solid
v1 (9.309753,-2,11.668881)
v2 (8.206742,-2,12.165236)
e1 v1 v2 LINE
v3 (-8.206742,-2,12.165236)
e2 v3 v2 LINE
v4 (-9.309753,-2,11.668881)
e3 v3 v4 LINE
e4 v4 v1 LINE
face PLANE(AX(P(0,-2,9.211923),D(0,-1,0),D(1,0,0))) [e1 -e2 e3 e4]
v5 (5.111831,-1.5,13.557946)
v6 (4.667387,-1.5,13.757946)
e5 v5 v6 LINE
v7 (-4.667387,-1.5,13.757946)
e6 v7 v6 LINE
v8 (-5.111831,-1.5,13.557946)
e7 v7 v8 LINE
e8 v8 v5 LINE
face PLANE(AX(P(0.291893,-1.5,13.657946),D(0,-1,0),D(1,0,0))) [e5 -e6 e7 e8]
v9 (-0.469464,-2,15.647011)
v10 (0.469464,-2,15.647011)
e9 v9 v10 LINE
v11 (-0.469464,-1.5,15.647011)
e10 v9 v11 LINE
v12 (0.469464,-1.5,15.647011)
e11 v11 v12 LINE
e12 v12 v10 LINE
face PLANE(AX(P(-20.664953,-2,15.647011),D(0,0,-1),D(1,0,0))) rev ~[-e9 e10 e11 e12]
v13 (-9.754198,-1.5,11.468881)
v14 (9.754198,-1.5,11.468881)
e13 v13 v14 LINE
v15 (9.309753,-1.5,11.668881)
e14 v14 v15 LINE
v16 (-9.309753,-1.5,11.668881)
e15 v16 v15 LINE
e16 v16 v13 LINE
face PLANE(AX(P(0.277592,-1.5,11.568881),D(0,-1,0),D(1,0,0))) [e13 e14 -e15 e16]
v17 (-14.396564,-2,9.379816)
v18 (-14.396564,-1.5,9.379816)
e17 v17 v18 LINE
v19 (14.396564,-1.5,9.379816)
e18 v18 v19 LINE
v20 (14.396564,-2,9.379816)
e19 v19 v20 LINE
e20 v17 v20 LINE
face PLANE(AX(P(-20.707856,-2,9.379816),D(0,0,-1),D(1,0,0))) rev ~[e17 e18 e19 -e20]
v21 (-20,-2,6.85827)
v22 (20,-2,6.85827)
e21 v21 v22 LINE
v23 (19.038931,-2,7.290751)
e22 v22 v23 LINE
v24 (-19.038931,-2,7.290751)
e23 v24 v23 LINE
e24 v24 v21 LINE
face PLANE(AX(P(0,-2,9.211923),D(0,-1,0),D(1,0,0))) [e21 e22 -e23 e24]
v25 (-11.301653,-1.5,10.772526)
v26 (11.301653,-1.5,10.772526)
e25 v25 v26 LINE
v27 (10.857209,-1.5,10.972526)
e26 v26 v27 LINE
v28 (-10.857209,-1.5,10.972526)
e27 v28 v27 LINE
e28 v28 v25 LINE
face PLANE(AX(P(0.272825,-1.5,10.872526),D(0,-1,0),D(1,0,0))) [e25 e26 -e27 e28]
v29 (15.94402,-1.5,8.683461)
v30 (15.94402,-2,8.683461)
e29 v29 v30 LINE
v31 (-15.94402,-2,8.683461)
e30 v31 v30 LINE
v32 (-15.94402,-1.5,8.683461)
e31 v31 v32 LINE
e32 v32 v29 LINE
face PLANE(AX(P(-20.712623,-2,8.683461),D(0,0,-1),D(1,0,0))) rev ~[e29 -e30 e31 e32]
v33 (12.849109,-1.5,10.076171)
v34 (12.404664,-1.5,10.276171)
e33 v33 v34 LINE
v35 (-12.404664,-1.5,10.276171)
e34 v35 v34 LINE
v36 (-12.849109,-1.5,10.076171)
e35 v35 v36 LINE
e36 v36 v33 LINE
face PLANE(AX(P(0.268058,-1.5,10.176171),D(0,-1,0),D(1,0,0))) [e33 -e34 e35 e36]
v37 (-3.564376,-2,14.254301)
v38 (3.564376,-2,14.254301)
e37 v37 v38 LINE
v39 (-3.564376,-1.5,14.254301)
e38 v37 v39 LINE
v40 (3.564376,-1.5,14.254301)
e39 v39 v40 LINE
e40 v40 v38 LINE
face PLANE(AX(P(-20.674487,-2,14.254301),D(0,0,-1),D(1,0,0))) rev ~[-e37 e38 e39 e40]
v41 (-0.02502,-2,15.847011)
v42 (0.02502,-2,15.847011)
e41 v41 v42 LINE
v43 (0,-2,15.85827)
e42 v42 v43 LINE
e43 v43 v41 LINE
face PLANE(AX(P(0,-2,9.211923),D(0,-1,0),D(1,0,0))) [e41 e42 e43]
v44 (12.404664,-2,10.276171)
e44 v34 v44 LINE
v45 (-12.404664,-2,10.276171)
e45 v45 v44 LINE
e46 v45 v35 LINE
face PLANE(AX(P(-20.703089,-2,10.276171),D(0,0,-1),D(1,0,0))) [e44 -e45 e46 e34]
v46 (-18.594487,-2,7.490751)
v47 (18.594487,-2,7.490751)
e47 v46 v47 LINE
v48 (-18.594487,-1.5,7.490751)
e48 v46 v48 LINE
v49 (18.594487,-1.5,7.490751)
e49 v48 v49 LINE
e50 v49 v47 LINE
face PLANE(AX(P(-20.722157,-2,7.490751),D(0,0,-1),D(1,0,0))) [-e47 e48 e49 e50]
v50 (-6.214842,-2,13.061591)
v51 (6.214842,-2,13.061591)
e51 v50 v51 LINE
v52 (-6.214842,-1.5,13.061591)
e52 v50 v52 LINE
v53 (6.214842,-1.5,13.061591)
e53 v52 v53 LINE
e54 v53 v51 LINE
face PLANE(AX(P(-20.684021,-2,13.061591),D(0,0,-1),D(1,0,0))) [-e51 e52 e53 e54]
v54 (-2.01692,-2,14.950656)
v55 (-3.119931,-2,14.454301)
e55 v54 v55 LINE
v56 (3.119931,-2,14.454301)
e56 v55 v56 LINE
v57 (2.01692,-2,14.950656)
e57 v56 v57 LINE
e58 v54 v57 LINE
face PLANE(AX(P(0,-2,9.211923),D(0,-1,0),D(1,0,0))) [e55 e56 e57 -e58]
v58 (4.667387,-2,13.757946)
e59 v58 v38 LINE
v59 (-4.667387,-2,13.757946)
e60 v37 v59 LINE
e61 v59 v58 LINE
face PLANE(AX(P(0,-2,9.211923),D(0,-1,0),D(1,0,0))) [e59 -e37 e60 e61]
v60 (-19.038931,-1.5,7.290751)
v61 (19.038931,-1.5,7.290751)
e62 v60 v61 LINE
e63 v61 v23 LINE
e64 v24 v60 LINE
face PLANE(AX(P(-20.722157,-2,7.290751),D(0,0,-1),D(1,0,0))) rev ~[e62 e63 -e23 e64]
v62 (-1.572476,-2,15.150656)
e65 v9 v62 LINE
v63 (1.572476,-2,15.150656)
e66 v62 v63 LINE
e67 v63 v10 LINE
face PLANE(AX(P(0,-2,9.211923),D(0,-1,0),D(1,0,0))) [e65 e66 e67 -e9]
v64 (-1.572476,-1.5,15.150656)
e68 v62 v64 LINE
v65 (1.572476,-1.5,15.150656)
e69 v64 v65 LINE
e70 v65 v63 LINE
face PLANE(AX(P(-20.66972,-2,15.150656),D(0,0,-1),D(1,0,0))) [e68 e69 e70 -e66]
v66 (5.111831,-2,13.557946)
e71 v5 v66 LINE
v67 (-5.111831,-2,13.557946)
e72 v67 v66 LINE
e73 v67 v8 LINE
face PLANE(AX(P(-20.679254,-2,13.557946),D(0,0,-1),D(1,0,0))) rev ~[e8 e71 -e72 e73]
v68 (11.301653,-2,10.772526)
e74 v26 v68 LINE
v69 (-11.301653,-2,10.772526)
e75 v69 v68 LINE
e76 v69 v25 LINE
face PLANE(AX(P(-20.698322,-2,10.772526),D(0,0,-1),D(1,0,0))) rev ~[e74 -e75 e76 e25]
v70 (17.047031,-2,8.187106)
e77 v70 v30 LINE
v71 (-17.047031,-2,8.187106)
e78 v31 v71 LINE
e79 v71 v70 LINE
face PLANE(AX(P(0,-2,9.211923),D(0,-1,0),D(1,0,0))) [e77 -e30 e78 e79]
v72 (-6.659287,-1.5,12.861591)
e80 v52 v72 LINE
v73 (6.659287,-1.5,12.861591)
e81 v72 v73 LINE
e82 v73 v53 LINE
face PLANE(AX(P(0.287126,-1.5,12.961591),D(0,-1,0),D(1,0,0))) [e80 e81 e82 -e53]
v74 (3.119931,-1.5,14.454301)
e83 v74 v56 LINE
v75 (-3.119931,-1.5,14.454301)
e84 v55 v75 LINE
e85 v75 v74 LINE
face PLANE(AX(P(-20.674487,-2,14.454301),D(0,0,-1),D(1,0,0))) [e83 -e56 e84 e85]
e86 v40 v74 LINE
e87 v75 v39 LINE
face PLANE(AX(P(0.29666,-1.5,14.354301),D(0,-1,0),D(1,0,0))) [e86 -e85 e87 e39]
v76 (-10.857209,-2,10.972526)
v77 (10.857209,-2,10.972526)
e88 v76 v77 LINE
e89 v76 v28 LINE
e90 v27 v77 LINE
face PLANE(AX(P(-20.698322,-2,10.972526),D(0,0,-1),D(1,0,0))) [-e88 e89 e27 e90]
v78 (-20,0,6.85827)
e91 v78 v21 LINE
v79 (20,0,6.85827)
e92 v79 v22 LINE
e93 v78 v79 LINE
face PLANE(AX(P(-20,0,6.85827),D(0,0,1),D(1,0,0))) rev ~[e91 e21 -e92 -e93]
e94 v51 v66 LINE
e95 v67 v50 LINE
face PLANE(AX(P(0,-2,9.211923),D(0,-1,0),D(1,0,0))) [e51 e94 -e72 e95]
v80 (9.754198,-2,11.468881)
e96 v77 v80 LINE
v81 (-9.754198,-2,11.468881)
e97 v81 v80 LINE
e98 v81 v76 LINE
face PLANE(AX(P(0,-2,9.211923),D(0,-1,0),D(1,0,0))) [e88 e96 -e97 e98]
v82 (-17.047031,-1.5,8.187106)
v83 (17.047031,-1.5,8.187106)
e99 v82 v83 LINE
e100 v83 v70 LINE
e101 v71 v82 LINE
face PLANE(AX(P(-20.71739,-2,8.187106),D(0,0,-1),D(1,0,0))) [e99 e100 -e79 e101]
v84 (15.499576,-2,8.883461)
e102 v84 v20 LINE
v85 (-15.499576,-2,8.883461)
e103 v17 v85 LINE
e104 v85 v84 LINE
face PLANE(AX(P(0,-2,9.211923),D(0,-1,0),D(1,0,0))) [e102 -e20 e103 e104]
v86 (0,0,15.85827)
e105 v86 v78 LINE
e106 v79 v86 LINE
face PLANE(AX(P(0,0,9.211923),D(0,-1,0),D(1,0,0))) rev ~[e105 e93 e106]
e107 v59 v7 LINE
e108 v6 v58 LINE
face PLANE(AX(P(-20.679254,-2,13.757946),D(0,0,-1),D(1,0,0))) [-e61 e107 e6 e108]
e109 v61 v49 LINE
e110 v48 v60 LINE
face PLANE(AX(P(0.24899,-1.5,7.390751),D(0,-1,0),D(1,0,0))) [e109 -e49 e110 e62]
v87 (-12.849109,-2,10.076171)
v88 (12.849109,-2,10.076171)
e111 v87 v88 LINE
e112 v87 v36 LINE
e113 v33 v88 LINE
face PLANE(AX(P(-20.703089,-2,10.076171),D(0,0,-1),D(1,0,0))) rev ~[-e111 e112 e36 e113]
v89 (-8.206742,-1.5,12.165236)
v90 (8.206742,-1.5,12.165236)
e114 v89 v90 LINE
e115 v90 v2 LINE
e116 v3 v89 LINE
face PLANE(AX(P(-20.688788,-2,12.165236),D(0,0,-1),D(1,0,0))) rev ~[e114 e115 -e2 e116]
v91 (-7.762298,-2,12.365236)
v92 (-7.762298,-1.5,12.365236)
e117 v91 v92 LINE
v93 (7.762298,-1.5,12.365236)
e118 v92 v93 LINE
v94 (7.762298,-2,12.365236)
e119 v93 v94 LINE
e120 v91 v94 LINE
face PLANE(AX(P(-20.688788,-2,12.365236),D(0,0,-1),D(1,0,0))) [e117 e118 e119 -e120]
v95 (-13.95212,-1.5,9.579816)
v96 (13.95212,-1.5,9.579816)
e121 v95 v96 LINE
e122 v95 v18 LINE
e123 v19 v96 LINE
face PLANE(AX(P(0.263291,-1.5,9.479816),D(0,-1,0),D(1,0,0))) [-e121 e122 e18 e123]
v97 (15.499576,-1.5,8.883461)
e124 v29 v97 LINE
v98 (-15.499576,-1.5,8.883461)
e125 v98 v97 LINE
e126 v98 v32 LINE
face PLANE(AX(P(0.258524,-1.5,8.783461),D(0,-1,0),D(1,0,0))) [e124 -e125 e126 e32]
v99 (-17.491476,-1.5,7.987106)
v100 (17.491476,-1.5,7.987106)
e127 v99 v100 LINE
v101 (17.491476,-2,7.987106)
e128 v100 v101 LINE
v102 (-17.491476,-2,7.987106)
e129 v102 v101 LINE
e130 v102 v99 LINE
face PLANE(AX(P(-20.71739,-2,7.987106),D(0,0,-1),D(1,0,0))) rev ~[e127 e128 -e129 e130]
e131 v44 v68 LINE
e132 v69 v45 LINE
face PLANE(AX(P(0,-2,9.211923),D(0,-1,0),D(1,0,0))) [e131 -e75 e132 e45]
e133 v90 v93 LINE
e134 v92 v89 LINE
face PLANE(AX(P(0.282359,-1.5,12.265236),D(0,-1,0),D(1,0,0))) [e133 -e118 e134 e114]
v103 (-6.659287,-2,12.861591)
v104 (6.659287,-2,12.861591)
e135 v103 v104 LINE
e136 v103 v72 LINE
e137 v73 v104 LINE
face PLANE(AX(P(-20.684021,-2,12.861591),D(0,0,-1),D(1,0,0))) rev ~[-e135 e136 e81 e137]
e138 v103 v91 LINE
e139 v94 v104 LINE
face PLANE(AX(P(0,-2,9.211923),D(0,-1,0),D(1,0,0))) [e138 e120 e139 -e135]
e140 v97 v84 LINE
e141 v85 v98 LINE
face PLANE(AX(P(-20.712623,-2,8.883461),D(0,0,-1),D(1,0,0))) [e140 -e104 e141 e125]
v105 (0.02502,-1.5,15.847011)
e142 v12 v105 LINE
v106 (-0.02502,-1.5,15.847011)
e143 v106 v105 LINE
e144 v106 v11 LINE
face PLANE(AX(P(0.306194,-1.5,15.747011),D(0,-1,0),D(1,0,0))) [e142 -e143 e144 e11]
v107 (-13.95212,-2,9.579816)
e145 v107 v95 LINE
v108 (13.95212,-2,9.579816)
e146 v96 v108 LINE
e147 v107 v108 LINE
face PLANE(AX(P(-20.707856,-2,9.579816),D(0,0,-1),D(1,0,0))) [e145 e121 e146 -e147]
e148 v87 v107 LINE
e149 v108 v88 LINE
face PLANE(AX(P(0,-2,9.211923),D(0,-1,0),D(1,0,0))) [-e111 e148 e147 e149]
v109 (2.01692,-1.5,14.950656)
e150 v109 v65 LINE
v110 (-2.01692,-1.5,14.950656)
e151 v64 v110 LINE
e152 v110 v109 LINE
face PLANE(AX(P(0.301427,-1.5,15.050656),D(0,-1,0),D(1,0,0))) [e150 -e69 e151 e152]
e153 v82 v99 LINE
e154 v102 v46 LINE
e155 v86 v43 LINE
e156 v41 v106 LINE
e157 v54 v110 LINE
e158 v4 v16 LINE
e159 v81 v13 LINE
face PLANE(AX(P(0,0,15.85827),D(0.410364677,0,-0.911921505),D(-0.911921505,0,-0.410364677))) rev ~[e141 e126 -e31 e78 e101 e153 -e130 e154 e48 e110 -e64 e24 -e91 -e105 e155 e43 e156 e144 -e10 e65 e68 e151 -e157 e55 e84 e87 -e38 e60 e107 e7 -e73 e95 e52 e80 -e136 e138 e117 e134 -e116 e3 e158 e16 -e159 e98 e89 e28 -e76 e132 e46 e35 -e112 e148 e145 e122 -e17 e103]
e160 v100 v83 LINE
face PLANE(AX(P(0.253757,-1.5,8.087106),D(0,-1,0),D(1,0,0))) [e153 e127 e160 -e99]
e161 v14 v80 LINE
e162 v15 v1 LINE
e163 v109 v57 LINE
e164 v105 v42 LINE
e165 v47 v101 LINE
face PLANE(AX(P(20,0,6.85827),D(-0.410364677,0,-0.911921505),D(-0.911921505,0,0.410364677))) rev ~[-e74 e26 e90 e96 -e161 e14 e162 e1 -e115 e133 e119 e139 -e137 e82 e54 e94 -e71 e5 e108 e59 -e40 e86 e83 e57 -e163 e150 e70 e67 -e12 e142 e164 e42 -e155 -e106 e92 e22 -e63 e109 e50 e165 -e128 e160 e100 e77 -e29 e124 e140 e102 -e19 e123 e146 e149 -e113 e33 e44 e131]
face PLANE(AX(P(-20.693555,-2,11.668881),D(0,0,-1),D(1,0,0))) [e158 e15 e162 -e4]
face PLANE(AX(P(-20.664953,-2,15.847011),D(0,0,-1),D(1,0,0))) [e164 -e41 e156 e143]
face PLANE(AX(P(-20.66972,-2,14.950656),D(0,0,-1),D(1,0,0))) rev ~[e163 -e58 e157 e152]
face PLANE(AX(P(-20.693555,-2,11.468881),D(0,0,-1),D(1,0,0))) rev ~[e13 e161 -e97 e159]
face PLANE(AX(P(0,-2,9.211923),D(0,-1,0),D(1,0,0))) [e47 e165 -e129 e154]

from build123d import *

# Parameters (mm, degrees)
PAD_DEPTH    = 2
SKETCH001_W  = 41.942294
SKETCH001_H  = 0.2
POCKET_DEPTH = 0.5


with BuildPart() as part:
    # Sketch → Pad (new body)
    with BuildSketch(Plane.XZ):
        Polygon((-20, 6.85827), (20, 6.85827), (0, 15.85827), align=None)
    extrude(amount=PAD_DEPTH)

    # Sketch001 (on Face5 of Pad) → Pocket (cut)
    with BuildSketch(Plane.XZ.offset(2)):
        with Locations((0.24899, 7.390751)):
            Rectangle(SKETCH001_W, SKETCH001_H)
        with Locations((0.253757, 8.087106)):
            Rectangle(SKETCH001_W, SKETCH001_H)
        with Locations((0.258524, 8.783461)):
            Rectangle(SKETCH001_W, SKETCH001_H)
        with Locations((0.263291, 9.479816)):
            Rectangle(SKETCH001_W, SKETCH001_H)
        with Locations((0.268058, 10.176171)):
            Rectangle(SKETCH001_W, SKETCH001_H)
        with Locations((0.272825, 10.872526)):
            Rectangle(SKETCH001_W, SKETCH001_H)
        with Locations((0.277592, 11.568881)):
            Rectangle(SKETCH001_W, SKETCH001_H)
        with Locations((0.282359, 12.265236)):
            Rectangle(SKETCH001_W, SKETCH001_H)
        with Locations((0.287126, 12.961591)):
            Rectangle(SKETCH001_W, SKETCH001_H)
        with Locations((0.291893, 13.657946)):
            Rectangle(SKETCH001_W, SKETCH001_H)
        with Locations((0.29666, 14.354301)):
            Rectangle(SKETCH001_W, SKETCH001_H)
        with Locations((0.301427, 15.050656)):
            Rectangle(SKETCH001_W, SKETCH001_H)
        with Locations((0.306194, 15.747011)):
            Rectangle(SKETCH001_W, SKETCH001_H)
    extrude(amount=-POCKET_DEPTH, mode=Mode.SUBTRACT)


solid = part.part
